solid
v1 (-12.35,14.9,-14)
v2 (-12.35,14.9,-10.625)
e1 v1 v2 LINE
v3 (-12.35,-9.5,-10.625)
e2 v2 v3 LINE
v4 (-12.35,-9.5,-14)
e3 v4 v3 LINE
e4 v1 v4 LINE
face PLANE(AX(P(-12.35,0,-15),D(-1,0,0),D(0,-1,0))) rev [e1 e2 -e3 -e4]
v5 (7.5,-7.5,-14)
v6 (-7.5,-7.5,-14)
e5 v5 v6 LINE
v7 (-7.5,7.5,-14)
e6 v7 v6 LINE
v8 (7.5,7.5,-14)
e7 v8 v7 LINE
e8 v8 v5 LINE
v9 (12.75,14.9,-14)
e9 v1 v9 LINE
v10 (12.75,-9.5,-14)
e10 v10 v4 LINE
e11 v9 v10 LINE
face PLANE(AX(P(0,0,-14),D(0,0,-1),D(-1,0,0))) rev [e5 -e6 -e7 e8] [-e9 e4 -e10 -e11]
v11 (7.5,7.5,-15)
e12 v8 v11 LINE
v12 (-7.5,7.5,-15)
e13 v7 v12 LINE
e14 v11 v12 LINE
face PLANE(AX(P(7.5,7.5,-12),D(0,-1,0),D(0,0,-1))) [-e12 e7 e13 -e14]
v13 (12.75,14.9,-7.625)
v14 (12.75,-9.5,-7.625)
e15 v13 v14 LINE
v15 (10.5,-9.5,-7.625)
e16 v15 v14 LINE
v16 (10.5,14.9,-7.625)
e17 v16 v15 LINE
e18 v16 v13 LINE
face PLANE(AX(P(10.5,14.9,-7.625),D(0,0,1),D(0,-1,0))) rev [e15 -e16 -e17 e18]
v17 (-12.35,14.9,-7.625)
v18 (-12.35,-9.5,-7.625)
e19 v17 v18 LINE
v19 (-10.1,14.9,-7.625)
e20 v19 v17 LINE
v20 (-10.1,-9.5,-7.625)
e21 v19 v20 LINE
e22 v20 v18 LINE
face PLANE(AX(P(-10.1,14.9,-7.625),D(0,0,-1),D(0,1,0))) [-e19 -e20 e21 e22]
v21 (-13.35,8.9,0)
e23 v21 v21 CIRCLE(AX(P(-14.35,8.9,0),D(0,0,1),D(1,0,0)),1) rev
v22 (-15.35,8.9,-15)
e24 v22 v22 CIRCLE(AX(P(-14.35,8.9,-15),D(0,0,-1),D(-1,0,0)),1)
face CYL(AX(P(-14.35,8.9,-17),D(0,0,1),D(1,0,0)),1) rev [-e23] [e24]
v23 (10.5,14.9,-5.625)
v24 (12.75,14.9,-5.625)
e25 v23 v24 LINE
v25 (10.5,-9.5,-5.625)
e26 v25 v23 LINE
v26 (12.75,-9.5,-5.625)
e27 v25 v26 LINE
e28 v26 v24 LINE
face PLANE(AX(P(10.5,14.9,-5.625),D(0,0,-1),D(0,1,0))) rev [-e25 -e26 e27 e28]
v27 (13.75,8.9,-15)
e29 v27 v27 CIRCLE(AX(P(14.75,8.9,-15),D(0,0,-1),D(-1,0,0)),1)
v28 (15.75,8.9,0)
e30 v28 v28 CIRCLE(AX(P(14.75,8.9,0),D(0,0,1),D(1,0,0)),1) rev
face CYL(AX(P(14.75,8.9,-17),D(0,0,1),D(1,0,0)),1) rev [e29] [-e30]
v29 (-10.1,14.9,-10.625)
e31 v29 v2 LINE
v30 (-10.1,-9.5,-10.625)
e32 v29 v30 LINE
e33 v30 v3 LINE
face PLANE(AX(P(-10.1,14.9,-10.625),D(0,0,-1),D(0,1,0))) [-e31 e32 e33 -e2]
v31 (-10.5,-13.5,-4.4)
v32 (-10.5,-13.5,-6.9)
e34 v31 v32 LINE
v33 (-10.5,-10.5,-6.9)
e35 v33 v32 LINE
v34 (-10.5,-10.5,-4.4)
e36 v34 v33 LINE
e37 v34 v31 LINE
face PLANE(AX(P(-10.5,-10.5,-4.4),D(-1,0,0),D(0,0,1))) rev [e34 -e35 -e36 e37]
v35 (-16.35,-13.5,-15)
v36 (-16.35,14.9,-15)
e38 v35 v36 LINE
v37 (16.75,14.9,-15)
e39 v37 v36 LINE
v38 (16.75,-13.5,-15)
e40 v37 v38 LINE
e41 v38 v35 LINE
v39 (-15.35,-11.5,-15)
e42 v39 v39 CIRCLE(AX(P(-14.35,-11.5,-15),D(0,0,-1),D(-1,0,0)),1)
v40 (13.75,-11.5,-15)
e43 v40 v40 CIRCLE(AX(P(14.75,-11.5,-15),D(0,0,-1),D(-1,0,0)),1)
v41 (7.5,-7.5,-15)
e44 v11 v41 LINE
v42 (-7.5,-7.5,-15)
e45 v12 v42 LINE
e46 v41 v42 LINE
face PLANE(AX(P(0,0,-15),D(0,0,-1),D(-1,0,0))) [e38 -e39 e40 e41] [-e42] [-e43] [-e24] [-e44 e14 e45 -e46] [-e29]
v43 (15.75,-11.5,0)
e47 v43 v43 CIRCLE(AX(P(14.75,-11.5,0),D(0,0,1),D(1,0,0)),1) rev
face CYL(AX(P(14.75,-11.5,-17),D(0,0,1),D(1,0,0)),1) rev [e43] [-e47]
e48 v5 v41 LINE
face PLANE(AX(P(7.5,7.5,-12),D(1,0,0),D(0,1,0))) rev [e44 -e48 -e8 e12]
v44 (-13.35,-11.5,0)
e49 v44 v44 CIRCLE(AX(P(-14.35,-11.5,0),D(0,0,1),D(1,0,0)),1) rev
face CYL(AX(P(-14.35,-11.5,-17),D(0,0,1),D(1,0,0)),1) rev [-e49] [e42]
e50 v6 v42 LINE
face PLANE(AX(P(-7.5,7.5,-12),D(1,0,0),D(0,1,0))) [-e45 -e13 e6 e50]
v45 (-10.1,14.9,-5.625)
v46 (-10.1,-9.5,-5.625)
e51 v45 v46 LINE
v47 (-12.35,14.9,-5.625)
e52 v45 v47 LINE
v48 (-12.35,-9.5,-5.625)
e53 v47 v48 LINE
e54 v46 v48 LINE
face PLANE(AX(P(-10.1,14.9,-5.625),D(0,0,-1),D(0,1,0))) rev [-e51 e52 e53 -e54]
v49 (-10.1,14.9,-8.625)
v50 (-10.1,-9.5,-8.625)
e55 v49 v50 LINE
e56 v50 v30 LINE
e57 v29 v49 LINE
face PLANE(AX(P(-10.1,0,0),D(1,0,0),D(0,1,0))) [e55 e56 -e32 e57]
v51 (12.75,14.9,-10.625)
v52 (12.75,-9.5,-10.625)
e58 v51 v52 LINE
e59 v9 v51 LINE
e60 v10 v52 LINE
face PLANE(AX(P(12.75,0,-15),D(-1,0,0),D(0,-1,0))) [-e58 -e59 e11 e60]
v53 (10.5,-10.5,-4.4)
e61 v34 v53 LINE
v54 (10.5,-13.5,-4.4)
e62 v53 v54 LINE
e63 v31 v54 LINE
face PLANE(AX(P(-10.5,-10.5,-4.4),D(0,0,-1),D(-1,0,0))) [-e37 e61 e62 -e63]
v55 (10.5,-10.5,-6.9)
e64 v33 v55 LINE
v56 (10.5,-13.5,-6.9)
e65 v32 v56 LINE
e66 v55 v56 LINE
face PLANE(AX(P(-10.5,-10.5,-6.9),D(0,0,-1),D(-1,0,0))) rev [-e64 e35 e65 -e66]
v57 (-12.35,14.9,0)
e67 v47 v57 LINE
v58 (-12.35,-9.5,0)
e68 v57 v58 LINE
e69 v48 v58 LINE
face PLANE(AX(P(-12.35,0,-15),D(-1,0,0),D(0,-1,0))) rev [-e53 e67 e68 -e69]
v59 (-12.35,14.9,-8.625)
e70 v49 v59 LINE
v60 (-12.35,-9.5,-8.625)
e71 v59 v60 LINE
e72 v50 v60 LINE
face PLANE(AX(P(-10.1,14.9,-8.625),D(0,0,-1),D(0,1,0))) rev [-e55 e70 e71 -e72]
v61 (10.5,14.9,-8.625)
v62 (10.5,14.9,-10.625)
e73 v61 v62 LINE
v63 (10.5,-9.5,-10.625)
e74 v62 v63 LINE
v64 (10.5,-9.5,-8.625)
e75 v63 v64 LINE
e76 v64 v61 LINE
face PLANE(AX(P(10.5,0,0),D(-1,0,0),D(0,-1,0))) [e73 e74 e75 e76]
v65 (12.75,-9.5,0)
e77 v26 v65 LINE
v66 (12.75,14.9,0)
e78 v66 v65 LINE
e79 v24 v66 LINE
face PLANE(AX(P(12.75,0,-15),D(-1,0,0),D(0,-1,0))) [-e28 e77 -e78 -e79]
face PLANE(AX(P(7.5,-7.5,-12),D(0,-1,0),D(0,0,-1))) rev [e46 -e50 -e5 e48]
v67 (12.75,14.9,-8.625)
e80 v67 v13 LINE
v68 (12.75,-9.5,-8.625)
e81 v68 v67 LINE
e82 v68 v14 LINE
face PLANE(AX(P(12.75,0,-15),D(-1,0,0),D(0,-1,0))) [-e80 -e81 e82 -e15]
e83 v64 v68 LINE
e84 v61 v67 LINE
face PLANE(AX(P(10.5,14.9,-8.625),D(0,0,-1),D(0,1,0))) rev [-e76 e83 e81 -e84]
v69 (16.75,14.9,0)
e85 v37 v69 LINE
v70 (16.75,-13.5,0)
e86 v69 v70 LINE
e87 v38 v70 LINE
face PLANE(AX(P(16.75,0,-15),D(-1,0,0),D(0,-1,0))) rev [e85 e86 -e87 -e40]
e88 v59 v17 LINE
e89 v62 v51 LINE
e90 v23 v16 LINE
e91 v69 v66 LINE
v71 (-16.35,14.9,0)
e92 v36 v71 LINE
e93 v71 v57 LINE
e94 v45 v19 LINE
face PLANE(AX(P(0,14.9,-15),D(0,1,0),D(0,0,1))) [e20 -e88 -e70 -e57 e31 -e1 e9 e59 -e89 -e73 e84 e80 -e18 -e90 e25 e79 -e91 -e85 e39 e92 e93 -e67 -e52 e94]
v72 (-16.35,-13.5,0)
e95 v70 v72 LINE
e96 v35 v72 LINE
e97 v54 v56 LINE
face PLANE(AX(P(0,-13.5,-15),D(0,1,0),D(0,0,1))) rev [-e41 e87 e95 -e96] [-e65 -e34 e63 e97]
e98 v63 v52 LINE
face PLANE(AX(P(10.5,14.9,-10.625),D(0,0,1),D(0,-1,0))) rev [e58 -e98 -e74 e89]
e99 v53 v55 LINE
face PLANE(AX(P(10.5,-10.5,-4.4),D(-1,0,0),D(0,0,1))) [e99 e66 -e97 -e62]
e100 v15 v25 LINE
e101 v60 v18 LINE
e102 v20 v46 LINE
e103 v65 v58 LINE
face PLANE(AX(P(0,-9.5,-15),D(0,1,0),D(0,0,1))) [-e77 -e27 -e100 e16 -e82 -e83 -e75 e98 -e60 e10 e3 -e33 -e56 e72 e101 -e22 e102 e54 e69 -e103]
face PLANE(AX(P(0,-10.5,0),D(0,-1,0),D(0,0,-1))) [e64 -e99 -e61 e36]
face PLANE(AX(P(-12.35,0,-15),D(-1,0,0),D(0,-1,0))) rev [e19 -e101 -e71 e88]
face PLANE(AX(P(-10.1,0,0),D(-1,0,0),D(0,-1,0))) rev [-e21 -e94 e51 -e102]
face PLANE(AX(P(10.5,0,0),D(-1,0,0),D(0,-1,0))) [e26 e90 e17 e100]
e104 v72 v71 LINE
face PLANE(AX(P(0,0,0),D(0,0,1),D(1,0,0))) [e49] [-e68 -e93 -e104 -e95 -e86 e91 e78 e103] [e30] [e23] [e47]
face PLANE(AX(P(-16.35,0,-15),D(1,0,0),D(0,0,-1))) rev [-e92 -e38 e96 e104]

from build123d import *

# Parameters (mm, degrees)
ESQUISSE1_R             = 37
ESQUISSE1_R_2           = 1.5
ESQUISSE1_W             = 25
ESQUISSE1_H             = 3
BOSS_EXTRU_1_DEPTH      = 2
BOSS_EXTRU_2_DEPTH      = 15
ESQUISSE3_W             = 2
ESQUISSE3_H             = 28.4
BOSS_EXTRU_3_DEPTH      = 2.25
ESQUISSE5_W             = 2
ESQUISSE5_H             = 24.4
BOSS_EXTRU_4_DEPTH      = 2.25
ESQUISSE7_W             = 33.1
ESQUISSE7_H             = 28.4
BOSS_EXTRU_5_DEPTH      = 1
ESQUISSE8_W             = 15
ESQUISSE8_H             = 15
ENL_V_MAT_EXTRU_1_DEPTH = 3
ESQUISSE9_W             = 21
ESQUISSE9_H             = 2.5
ENL_V_MAT_EXTRU_2_DEPTH = 3
ESQUISSE10_R            = 1
ENL_V_MAT_EXTRU_3_DEPTH = 19
ENL_V_START             = -2
ESQUISSE11_R            = 37
ENL_V_MAT_EXTRU_4_DEPTH = 2


with BuildPart() as part:
    # Esquisse1 → Boss.-Extru.1 (new body)
    with BuildSketch(Plane.XY):
        Circle(ESQUISSE1_R)
        with Locations((0, 30)):
            Circle(ESQUISSE1_R_2, mode=Mode.SUBTRACT)
        with Locations((-22.874807889, 14.34375)):
            Circle(ESQUISSE1_R_2, mode=Mode.SUBTRACT)
        with Locations((-25.416453209, -15.9375)):
            Circle(ESQUISSE1_R_2, mode=Mode.SUBTRACT)
        with Locations((0, -27)):
            Circle(ESQUISSE1_R_2, mode=Mode.SUBTRACT)
        with Locations((25.416453209, -15.9375)):
            Circle(ESQUISSE1_R_2, mode=Mode.SUBTRACT)
        with Locations((22.874807889, 14.34375)):
            Circle(ESQUISSE1_R_2, mode=Mode.SUBTRACT)
        with Locations((0, -15.5)):
            Rectangle(ESQUISSE1_W, ESQUISSE1_H, mode=Mode.SUBTRACT)
    extrude(amount=BOSS_EXTRU_1_DEPTH)

    # Esquisse2 → Boss.-Extru.2 (add)
    with BuildSketch(Plane(origin=(0, 0, 0), x_dir=(-1, 0, 0), z_dir=(0, 0, -1))):
        Polygon((-16.75, 14.9), (-12.75, 14.9), (-12.75, -9.5), (12.35, -9.5), (12.35, 14.9), (16.35, 14.9), (16.35, -13.5), (-16.75, -13.5), align=None)
    extrude(amount=BOSS_EXTRU_2_DEPTH)

    # Esquisse3 → Boss.-Extru.3 (add)
    with BuildSketch(Plane(origin=(-12.35, 0, 0), x_dir=(0, 0, -1), z_dir=(1, 0, 0))):
        with Locations((9.625, 0.7)):
            Rectangle(ESQUISSE3_W, ESQUISSE3_H)
        with Locations((6.625, 0.7)):
            Rectangle(ESQUISSE3_W, ESQUISSE3_H)
    extrude(amount=BOSS_EXTRU_3_DEPTH)

    # Esquisse5 → Boss.-Extru.4 (add)
    with BuildSketch(Plane.ZY.offset(-12.75)):
        with Locations((-9.625, 2.7)):
            Rectangle(ESQUISSE5_W, ESQUISSE5_H)
        with Locations((-6.625, 2.7)):
            Rectangle(ESQUISSE5_W, ESQUISSE5_H)
    extrude(amount=BOSS_EXTRU_4_DEPTH)

    # Esquisse7 → Boss.-Extru.5 (add)
    with BuildSketch(Plane(origin=(0, 0, -15), x_dir=(-1, 0, 0), z_dir=(0, 0, -1))):
        with Locations((-0.2, 0.7)):
            Rectangle(ESQUISSE7_W, ESQUISSE7_H)
    extrude(amount=-BOSS_EXTRU_5_DEPTH)

    # Esquisse8 → Enlèv. mat.-Extru.1 (cut)
    with BuildSketch(Plane(origin=(0, 0, -15), x_dir=(-1, 0, 0), z_dir=(0, 0, -1))):
        Rectangle(ESQUISSE8_W, ESQUISSE8_H)
    extrude(amount=-ENL_V_MAT_EXTRU_1_DEPTH, mode=Mode.SUBTRACT)

    # Esquisse9 → Enlèv. mat.-Extru.2 (cut)
    with BuildSketch(Plane.XZ.offset(13.5)):
        with Locations((0, -5.65)):
            Rectangle(ESQUISSE9_W, ESQUISSE9_H)
    extrude(amount=-ENL_V_MAT_EXTRU_2_DEPTH, mode=Mode.SUBTRACT)

    # Esquisse10 → Enlèv. mat.-Extru.3 (cut)
    with BuildSketch(Plane.XY.offset(2)):
        with Locations((-14.35, 8.9)):
            Circle(ESQUISSE10_R)
        with Locations((-14.35, -11.5)):
            Circle(ESQUISSE10_R)
        with Locations((14.75, -11.5)):
            Circle(ESQUISSE10_R)
        with Locations((14.75, 8.9)):
            Circle(ESQUISSE10_R)
    extrude(amount=-ENL_V_MAT_EXTRU_3_DEPTH, mode=Mode.SUBTRACT)

    # Esquisse11 → Enlèv. mat.-Extru.4 (cut)
    with BuildSketch(Plane.XY.offset(2).offset(ENL_V_START)):
        Circle(ESQUISSE11_R)
    extrude(amount=ENL_V_MAT_EXTRU_4_DEPTH, mode=Mode.SUBTRACT)


solid = part.part
